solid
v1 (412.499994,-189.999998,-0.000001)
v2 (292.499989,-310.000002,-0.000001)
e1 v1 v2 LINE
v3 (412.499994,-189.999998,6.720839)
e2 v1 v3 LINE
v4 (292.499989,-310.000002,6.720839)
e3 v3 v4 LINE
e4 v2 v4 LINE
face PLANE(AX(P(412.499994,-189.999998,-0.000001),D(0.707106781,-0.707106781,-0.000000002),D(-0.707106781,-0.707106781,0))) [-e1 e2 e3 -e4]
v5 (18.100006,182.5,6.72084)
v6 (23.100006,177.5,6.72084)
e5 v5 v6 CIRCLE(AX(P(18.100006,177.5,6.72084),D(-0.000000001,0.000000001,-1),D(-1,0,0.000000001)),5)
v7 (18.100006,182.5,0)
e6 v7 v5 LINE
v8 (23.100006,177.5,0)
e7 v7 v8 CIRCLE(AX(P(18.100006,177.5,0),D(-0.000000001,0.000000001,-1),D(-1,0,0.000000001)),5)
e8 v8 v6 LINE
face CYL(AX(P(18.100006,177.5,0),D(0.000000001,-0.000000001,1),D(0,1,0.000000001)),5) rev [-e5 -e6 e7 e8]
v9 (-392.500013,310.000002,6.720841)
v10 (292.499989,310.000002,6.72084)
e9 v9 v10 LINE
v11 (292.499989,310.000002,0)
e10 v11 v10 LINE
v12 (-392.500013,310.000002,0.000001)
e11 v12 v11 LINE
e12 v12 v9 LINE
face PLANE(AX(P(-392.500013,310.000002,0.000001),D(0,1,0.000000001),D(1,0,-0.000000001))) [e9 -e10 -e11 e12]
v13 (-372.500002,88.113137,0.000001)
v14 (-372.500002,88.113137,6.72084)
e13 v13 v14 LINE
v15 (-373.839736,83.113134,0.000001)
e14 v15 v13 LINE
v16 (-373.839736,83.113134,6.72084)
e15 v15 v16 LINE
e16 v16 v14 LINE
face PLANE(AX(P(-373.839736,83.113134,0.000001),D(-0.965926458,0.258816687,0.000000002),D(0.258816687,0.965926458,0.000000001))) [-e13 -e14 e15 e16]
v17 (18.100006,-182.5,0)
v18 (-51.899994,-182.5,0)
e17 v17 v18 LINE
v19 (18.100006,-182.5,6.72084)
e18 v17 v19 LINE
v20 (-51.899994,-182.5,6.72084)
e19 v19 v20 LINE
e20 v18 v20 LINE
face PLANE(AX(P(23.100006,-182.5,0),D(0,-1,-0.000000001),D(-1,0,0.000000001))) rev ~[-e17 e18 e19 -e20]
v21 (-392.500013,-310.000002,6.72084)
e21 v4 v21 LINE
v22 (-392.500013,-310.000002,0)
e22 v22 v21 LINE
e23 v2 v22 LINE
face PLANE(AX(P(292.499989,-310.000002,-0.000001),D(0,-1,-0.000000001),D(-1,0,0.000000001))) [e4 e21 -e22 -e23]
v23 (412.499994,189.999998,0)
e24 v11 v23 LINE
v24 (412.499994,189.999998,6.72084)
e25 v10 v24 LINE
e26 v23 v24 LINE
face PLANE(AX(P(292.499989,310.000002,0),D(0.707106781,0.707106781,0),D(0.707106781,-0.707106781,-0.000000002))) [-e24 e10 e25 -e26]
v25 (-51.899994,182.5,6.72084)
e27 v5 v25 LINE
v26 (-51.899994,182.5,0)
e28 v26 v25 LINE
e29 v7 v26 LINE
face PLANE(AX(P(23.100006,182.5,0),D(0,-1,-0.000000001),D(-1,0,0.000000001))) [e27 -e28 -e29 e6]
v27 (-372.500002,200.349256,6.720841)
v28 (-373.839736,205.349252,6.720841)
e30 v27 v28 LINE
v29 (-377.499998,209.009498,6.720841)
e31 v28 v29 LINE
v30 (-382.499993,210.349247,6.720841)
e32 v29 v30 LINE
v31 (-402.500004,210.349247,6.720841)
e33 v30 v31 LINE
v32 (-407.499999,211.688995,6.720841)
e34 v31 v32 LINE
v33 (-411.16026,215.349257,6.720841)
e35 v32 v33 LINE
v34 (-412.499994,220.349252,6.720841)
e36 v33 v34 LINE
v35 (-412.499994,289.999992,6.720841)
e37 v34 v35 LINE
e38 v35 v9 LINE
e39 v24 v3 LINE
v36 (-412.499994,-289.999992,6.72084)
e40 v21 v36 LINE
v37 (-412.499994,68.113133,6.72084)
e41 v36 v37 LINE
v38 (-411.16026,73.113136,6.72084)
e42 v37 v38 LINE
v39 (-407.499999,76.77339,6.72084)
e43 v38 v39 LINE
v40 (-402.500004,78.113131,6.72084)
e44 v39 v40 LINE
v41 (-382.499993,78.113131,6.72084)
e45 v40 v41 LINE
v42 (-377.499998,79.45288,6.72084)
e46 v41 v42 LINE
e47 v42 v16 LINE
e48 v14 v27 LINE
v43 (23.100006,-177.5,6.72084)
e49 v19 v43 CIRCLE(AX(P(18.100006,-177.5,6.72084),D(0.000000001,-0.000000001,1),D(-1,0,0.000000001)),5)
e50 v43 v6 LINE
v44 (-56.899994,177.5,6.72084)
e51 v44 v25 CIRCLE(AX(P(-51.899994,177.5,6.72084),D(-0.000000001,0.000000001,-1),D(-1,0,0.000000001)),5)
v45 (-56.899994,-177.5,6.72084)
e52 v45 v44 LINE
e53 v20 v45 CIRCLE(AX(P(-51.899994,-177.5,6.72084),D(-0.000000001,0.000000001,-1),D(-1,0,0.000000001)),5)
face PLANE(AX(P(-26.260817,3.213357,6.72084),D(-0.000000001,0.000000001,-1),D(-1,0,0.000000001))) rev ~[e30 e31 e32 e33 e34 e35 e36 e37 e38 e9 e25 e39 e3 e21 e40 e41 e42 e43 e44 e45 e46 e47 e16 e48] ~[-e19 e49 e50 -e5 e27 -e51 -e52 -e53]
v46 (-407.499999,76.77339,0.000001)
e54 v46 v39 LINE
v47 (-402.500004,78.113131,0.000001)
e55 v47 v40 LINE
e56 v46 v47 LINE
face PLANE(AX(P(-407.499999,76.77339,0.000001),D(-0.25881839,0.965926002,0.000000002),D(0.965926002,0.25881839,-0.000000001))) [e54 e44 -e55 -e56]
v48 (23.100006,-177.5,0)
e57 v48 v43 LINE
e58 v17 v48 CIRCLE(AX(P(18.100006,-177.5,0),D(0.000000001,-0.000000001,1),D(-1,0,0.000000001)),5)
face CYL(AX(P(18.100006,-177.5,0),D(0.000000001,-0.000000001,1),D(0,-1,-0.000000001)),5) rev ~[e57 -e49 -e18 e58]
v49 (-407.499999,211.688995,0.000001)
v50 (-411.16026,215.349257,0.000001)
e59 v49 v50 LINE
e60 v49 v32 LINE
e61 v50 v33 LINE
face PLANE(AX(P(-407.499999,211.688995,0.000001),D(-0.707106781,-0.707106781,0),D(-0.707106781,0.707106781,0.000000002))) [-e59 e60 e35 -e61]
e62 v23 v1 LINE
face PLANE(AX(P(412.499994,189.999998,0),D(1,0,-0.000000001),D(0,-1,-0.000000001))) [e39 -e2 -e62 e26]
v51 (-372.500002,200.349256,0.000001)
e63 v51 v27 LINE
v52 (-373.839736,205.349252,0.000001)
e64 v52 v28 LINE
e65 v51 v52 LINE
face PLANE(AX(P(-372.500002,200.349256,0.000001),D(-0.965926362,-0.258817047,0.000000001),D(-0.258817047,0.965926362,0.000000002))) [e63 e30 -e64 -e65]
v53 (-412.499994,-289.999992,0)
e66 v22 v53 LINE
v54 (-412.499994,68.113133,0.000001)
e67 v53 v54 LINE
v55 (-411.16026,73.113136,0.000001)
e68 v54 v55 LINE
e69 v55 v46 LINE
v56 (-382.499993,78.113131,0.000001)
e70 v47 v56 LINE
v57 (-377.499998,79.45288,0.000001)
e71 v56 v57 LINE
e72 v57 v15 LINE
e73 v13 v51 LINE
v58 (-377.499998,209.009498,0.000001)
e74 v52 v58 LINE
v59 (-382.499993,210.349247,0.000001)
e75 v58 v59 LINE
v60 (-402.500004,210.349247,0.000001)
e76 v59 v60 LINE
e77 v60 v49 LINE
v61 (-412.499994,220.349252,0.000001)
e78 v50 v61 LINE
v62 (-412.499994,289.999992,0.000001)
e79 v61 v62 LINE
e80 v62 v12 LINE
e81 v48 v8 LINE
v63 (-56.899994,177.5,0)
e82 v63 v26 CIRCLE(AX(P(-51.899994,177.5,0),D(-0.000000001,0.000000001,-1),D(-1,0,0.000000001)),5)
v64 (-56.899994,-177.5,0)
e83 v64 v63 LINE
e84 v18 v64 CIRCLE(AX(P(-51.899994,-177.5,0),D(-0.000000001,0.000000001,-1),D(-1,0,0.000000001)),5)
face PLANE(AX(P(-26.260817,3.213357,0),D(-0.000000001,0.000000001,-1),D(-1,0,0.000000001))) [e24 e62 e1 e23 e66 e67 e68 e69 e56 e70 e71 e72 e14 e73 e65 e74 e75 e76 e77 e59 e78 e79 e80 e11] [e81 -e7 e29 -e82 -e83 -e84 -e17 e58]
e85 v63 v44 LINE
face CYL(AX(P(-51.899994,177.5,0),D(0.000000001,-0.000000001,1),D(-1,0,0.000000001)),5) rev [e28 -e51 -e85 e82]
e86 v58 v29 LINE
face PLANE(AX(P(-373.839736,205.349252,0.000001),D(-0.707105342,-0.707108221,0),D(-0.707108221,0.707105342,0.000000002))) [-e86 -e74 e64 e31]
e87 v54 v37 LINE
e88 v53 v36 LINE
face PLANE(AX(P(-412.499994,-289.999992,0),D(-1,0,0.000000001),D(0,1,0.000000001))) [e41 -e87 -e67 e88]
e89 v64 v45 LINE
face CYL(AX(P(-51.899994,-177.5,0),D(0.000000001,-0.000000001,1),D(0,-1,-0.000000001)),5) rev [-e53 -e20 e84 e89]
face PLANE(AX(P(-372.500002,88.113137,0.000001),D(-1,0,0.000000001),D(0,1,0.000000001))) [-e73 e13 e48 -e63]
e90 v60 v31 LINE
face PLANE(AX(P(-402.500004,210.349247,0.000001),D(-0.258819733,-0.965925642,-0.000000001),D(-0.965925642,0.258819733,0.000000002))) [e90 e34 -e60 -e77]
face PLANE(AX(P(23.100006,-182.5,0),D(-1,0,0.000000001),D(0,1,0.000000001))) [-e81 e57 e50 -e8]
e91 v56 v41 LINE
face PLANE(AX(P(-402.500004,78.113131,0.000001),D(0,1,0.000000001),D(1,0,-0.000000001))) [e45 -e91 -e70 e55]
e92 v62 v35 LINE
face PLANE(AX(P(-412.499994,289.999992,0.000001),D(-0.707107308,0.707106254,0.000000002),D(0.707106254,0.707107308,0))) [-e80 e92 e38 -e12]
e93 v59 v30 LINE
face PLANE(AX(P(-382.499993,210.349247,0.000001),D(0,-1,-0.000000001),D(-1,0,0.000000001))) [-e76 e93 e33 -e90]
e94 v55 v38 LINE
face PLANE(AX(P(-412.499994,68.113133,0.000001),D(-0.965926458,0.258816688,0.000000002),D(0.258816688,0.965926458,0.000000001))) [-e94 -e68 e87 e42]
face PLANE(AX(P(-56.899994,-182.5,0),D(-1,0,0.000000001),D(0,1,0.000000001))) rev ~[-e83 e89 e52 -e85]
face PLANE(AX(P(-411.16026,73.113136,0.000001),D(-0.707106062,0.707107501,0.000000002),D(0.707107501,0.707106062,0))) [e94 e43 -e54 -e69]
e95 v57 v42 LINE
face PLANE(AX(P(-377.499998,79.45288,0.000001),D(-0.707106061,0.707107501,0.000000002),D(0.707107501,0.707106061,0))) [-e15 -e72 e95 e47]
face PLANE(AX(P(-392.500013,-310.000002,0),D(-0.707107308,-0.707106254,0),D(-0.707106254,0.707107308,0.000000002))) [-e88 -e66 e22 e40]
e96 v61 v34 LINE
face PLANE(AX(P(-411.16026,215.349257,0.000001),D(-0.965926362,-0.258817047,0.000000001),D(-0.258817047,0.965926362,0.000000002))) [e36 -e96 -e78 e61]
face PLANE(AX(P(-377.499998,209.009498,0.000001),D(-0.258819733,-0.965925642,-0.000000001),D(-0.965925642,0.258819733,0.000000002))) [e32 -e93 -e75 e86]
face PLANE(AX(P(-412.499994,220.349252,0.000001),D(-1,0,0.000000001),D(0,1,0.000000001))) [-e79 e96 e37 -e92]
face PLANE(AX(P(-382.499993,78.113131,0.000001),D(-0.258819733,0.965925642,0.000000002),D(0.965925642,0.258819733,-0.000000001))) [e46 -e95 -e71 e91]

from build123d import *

# Parameters (mm, degrees)
BOSS_EXTRUDE1_DEPTH = 6.720839839
SKETCH2_W           = 80
SKETCH2_H           = 365
CUT_EXTRUDE1_DEPTH  = 517.04400614
FILLET1_R           = 5


with BuildPart() as part:
    # Sketch1 → Boss-Extrude1 (new body)
    with BuildSketch(Plane(origin=(0, 0, 0), x_dir=(-1.0, 0, 1.2419204428734467e-09), z_dir=(-1.2419204428734467e-09, 1.2419185922687681e-09, -1.0))):
        Polygon((372.500002384, 200.349256396), (373.839735985, 205.349251628), (377.499997616, 209.009498358), (382.499992847, 210.34924686), (402.500003576, 210.34924686), (407.499998808, 211.688995361), (411.160260439, 215.349256992), (412.49999404, 220.349252224), (412.49999404, 289.999991655), (392.500013113, 310.000002384), (-292.499989271, 310.000002384), (-412.49999404, 189.999997616), (-412.49999404, -189.999997616), (-292.499989271, -310.000002384), (392.500013113, -310.000002384), (412.49999404, -289.999991655), (412.49999404, 68.113133311), (411.160260439, 73.113135993), (407.499998808, 76.773390174), (402.500003576, 78.113131225), (382.499992847, 78.113131225), (377.499997616, 79.452879727), (373.839735985, 83.113133907), (372.500002384, 88.11313659), align=None)
    extrude(amount=-BOSS_EXTRUDE1_DEPTH)

    # Sketch2 → Cut-Extrude1 (cut, through all)
    with BuildSketch(Plane(origin=(0, 0, 0), x_dir=(-1.0, 0, 1.2419204428734473e-09), z_dir=(-1.2419204428734473e-09, 1.241918592268768e-09, -1.0))):
        with Locations((16.89999404, 0)):
            Rectangle(SKETCH2_W, SKETCH2_H)
    extrude(amount=-CUT_EXTRUDE1_DEPTH, mode=Mode.SUBTRACT)

    # Fillet1
    fillet1_edges = [part.edges().sort_by_distance(p)[0] for p in [
        (23.100005965, -182.500000004, 3.360419664),
        (23.100005965, 182.499999996, 3.360420117),
        (-56.899994035, 182.499999996, 3.360420217),
        (-56.899994035, -182.500000004, 3.360419763),
    ]]
    fillet(fillet1_edges, radius=FILLET1_R)


solid = part.part
